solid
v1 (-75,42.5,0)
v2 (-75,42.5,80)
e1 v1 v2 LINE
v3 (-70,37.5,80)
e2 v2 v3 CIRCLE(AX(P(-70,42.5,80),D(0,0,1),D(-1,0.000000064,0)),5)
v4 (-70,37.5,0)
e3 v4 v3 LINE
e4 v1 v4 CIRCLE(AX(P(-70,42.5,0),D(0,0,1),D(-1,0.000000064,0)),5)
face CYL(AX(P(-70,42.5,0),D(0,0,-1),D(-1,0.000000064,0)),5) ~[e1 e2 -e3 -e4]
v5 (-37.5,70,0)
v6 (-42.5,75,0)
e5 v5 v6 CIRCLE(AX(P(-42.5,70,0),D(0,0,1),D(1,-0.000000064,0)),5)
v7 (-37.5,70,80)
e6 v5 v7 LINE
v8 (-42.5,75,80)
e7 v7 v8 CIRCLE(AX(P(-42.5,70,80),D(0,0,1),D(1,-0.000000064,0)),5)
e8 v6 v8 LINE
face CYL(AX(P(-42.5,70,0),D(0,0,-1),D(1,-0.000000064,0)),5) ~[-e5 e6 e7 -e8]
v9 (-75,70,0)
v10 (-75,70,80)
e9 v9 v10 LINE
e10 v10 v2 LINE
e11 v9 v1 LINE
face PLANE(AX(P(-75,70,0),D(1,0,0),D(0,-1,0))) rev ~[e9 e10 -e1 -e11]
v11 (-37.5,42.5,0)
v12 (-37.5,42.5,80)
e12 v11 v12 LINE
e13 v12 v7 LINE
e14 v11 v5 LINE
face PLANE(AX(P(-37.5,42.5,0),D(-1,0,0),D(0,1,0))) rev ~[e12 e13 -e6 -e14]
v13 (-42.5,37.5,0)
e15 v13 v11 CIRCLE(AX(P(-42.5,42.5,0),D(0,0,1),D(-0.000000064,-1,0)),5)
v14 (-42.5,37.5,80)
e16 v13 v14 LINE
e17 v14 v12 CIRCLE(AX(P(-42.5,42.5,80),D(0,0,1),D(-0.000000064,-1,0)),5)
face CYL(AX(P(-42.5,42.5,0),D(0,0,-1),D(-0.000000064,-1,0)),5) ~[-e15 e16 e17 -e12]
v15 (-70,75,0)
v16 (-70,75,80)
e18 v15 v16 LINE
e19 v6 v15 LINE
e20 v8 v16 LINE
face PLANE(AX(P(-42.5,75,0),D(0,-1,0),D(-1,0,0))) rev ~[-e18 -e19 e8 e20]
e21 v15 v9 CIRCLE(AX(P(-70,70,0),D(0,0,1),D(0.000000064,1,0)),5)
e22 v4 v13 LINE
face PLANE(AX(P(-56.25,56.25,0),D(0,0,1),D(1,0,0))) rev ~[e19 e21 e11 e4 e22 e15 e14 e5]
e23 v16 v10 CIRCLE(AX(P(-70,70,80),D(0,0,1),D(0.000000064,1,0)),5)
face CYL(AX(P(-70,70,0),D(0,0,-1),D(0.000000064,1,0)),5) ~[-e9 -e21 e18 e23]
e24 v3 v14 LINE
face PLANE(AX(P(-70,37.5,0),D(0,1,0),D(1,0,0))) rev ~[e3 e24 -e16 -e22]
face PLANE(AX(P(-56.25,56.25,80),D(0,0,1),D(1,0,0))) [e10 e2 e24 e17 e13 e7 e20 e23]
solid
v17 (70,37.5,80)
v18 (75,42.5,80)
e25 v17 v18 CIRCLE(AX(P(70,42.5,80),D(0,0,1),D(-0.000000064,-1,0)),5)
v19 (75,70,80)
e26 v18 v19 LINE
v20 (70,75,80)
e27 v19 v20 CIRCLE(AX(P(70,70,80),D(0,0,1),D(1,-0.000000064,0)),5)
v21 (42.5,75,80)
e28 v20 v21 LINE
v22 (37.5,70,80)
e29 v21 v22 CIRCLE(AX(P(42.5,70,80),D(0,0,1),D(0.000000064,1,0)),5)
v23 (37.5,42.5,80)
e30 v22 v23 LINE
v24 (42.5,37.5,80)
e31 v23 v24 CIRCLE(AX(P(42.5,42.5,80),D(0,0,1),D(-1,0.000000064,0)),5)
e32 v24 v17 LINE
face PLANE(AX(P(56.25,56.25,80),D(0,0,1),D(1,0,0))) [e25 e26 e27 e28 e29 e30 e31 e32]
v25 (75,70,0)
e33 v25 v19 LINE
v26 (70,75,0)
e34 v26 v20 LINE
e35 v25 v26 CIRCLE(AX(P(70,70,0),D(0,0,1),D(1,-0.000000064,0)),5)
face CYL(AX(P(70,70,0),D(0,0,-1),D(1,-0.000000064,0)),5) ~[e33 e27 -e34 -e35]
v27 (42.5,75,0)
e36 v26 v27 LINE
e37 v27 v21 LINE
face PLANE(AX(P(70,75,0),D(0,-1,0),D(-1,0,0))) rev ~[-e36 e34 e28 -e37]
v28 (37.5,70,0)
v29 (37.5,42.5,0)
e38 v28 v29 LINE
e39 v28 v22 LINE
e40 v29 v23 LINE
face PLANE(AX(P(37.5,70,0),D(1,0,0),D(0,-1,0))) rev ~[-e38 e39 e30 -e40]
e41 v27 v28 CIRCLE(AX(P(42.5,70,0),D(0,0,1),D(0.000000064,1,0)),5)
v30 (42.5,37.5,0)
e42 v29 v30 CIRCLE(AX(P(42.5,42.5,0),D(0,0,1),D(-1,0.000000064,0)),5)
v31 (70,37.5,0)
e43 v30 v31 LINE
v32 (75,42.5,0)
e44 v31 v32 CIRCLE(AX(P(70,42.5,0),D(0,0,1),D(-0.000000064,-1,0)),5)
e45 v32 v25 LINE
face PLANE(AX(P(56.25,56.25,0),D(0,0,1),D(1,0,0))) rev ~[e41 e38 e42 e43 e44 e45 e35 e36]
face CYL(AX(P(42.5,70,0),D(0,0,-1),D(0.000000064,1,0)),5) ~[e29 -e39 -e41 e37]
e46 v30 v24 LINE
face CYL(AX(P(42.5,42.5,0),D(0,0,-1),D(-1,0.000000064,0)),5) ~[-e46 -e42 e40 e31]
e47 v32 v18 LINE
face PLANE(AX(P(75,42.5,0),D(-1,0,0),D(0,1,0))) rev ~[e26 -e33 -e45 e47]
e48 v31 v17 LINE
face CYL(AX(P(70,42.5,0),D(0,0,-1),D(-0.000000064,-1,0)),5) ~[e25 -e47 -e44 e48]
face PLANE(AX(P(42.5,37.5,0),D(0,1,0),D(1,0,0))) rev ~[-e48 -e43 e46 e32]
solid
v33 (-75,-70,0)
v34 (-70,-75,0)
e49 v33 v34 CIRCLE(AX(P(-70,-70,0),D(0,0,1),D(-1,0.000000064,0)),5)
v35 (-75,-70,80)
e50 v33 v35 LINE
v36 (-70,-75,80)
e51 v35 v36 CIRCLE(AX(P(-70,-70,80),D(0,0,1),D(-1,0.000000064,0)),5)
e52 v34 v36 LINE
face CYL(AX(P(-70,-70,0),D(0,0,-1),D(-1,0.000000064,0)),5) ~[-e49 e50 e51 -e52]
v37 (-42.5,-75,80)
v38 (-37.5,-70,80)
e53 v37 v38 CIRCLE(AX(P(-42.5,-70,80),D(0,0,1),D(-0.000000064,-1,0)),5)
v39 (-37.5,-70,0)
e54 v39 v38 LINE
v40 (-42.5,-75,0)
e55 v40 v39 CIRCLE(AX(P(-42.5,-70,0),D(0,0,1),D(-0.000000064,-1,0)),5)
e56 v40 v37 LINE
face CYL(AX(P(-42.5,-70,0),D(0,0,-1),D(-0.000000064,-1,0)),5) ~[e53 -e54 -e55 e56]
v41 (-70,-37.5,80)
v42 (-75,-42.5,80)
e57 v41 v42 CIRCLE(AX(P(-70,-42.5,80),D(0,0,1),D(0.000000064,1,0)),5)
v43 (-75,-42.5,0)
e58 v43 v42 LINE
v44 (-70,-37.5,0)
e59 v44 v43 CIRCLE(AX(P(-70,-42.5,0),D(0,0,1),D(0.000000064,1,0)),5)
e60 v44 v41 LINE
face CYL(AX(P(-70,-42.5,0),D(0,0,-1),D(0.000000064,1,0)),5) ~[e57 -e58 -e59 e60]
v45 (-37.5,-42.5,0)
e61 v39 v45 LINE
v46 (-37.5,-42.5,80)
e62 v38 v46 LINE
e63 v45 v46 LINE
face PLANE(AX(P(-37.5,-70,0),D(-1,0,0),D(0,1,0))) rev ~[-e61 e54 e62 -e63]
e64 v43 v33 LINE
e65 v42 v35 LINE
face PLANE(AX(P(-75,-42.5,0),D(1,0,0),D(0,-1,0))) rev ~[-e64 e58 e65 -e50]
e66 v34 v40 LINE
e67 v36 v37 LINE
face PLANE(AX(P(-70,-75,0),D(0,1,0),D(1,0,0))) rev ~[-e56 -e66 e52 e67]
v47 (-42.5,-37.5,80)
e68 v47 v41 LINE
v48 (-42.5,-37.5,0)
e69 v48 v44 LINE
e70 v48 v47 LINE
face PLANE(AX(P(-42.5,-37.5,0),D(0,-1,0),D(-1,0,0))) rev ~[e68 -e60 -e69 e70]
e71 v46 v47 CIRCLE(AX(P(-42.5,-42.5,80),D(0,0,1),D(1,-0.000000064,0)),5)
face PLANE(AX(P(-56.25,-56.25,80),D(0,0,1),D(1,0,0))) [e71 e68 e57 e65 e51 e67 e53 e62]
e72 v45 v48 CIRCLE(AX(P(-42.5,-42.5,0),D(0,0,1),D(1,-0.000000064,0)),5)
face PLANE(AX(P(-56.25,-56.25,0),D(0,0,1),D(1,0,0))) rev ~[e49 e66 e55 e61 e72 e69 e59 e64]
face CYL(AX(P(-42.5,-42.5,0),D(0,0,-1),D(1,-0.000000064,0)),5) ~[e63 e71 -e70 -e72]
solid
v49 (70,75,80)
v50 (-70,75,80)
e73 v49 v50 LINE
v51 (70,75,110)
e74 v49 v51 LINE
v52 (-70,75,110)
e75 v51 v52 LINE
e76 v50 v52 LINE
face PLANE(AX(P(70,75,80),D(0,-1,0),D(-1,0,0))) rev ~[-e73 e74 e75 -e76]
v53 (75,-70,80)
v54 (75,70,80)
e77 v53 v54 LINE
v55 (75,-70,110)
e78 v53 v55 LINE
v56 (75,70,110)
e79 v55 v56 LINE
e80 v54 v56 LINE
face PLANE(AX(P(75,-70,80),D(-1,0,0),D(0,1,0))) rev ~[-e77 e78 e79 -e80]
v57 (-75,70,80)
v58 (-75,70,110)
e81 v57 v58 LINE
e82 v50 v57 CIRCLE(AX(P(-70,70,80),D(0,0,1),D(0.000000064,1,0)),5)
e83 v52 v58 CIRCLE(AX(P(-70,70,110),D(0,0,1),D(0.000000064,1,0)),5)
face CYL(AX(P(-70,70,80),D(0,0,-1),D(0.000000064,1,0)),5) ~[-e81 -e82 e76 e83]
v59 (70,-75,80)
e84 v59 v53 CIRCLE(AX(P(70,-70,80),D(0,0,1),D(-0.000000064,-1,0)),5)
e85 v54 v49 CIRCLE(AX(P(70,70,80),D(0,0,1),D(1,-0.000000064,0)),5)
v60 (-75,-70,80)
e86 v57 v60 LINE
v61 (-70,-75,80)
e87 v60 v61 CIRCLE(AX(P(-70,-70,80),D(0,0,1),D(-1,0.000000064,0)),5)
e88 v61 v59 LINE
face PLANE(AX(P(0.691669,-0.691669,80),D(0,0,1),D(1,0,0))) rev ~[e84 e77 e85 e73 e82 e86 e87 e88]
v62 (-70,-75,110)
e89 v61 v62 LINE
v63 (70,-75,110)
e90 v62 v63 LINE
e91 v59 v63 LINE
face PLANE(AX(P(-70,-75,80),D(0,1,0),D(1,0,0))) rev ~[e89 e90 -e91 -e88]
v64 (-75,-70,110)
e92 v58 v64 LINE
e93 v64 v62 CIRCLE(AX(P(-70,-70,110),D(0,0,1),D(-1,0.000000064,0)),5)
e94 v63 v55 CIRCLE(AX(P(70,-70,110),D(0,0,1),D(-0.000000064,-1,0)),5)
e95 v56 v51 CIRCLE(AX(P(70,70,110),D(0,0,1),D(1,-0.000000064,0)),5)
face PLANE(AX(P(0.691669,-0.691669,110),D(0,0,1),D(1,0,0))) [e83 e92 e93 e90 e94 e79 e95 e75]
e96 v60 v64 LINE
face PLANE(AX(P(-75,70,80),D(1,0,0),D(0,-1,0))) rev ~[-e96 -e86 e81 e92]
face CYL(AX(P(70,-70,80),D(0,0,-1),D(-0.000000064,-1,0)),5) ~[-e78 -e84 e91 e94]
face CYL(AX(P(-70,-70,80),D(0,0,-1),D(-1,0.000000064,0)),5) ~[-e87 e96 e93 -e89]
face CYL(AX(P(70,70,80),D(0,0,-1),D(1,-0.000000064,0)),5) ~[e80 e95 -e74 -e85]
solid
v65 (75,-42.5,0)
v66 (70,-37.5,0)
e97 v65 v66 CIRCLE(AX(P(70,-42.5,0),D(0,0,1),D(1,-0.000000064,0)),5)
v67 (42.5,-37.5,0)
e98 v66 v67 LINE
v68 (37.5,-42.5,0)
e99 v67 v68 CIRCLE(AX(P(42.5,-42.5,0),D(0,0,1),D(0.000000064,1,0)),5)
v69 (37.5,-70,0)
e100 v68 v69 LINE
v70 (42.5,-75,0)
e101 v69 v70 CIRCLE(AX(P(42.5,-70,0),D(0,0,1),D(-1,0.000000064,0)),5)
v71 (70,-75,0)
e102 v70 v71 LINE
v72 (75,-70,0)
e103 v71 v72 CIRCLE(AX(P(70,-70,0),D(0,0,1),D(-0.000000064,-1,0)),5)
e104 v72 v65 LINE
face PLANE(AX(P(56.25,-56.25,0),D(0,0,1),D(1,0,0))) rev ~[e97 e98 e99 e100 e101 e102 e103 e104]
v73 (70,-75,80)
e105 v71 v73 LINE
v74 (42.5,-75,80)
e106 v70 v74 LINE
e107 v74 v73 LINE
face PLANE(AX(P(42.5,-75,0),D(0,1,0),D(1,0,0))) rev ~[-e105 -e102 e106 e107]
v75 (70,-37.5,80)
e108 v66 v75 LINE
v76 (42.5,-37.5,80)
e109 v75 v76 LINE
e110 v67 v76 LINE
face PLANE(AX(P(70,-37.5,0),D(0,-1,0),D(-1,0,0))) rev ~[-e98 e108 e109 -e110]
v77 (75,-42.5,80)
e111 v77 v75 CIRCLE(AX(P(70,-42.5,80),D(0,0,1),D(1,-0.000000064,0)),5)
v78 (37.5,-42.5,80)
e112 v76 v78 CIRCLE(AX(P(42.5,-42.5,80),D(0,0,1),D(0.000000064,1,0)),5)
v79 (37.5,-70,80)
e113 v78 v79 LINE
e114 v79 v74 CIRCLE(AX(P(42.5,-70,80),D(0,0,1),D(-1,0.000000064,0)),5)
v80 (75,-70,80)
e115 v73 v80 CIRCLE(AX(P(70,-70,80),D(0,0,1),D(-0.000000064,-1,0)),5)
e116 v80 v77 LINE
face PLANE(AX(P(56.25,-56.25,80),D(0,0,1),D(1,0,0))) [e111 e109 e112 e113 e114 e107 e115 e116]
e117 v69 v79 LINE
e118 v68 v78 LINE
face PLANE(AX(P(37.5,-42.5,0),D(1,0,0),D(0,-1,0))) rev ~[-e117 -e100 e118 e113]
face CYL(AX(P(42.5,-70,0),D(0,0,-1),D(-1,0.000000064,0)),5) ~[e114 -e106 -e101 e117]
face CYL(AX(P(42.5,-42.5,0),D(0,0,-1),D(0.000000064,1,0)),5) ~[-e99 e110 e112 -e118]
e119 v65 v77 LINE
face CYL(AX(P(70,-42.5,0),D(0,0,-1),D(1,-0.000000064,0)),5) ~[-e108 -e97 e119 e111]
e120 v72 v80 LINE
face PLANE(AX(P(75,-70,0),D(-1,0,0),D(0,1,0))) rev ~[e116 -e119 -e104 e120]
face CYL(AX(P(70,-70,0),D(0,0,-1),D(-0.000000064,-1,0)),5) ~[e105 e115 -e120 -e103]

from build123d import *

# Parameters (mm, degrees)
F1_DEPTH = 80
F3_DEPTH = 30


with BuildPart() as f1:
    # F0 (on Top) → F1 (new body)
    with BuildSketch(Plane.XY):
        with BuildLine():
            Line((37.5, 70), (37.5, 42.5))
            ThreePointArc((37.5, 42.5), (38.964466, 38.964466), (42.5, 37.5))
            Line((42.5, 37.5), (70, 37.5))
            ThreePointArc((70, 37.5), (73.535534, 38.964466), (75, 42.5))
            Line((75, 42.5), (75, 70))
            ThreePointArc((75, 70), (73.535534, 73.535534), (70, 75))
            Line((70, 75), (42.5, 75))
            ThreePointArc((42.5, 75), (38.964466, 73.535534), (37.5, 70))
        make_face()
        with BuildLine():
            Line((-70, 37.5), (-42.5, 37.5))
            ThreePointArc((-42.5, 37.5), (-38.964466, 38.964466), (-37.5, 42.5))
            Line((-37.5, 42.5), (-37.5, 70))
            ThreePointArc((-37.5, 70), (-38.964466, 73.535534), (-42.5, 75))
            Line((-42.5, 75), (-70, 75))
            ThreePointArc((-70, 75), (-73.535534, 73.535534), (-75, 70))
            Line((-75, 70), (-75, 42.5))
            ThreePointArc((-75, 42.5), (-73.535534, 38.964466), (-70, 37.5))
        make_face()
        with BuildLine():
            ThreePointArc((-37.5, -42.5), (-38.964466, -38.964466), (-42.5, -37.5))
            Line((-42.5, -37.5), (-70, -37.5))
            ThreePointArc((-70, -37.5), (-73.535534, -38.964466), (-75, -42.5))
            Line((-75, -42.5), (-75, -70))
            ThreePointArc((-75, -70), (-73.535534, -73.535534), (-70, -75))
            Line((-70, -75), (-42.5, -75))
            ThreePointArc((-42.5, -75), (-38.964466, -73.535534), (-37.5, -70))
            Line((-37.5, -70), (-37.5, -42.5))
        make_face()
        with BuildLine():
            Line((-48.75, -66.25), (-56.25, -66.25))
            Line((-56.25, -66.25), (-63.75, -66.25))
            ThreePointArc((-63.75, -66.25), (-67.285534, -64.785534), (-68.75, -61.25))
            Line((-68.75, -61.25), (-68.75, -51.25))
            ThreePointArc((-68.75, -51.25), (-67.285534, -47.714466), (-63.75, -46.25))
            Line((-63.75, -46.25), (-48.75, -46.25))
            ThreePointArc((-48.75, -46.25), (-45.214466, -47.714466), (-43.75, -51.25))
            Line((-43.75, -51.25), (-43.75, -61.25))
            ThreePointArc((-43.75, -61.25), (-45.214466, -64.785534), (-48.75, -66.25))
        make_face(mode=Mode.SUBTRACT)
        with BuildLine():
            Line((-63.75, -66.25), (-56.25, -66.25))
            Line((-56.25, -66.25), (-48.75, -66.25))
            ThreePointArc((-48.75, -66.25), (-45.214466, -64.785534), (-43.75, -61.25))
            Line((-43.75, -61.25), (-43.75, -51.25))
            ThreePointArc((-43.75, -51.25), (-45.214466, -47.714466), (-48.75, -46.25))
            Line((-48.75, -46.25), (-63.75, -46.25))
            ThreePointArc((-63.75, -46.25), (-67.285534, -47.714466), (-68.75, -51.25))
            Line((-68.75, -51.25), (-68.75, -61.25))
            ThreePointArc((-68.75, -61.25), (-67.285534, -64.785534), (-63.75, -66.25))
        make_face()
        with BuildLine():
            Line((70, -37.5), (42.5, -37.5))
            ThreePointArc((42.5, -37.5), (38.964466, -38.964466), (37.5, -42.5))
            Line((37.5, -42.5), (37.5, -70))
            ThreePointArc((37.5, -70), (38.964466, -73.535534), (42.5, -75))
            Line((42.5, -75), (70, -75))
            ThreePointArc((70, -75), (73.535534, -73.535534), (75, -70))
            Line((75, -70), (75, -42.5))
            ThreePointArc((75, -42.5), (73.535534, -38.964466), (70, -37.5))
        make_face()
    extrude(amount=F1_DEPTH)


with BuildPart() as f3:
    # F2 (on face) → F3 (new body)
    with BuildSketch(Plane.XY.offset(80)):
        with BuildLine():
            Line((70, 75), (-42.5, 75))
            ThreePointArc((-42.5, 75), (-38.964466, 73.535534), (-37.5, 70))
            Line((-37.5, 70), (-37.5, 42.5))
            ThreePointArc((-37.5, 42.5), (-38.964466, 38.964466), (-42.5, 37.5))
            Line((-42.5, 37.5), (-70, 37.5))
            ThreePointArc((-70, 37.5), (-73.535534, 38.964466), (-75, 42.5))
            Line((-75, 42.5), (-75, -70))
            ThreePointArc((-75, -70), (-73.535534, -73.535534), (-70, -75))
            Line((-70, -75), (70, -75))
            ThreePointArc((70, -75), (73.535534, -73.535534), (75, -70))
            Line((75, -70), (75, 70))
            ThreePointArc((75, 70), (73.535534, 73.535534), (70, 75))
        make_face()
        with BuildLine():
            Line((-42.5, 75), (-70, 75))
            ThreePointArc((-70, 75), (-73.535534, 73.535534), (-75, 70))
            Line((-75, 70), (-75, 42.5))
            ThreePointArc((-75, 42.5), (-73.535534, 38.964466), (-70, 37.5))
            Line((-70, 37.5), (-42.5, 37.5))
            ThreePointArc((-42.5, 37.5), (-38.964466, 38.964466), (-37.5, 42.5))
            Line((-37.5, 42.5), (-37.5, 70))
            ThreePointArc((-37.5, 70), (-38.964466, 73.535534), (-42.5, 75))
        make_face()
    extrude(amount=F3_DEPTH)


solid = Compound([f1.part, f3.part])
